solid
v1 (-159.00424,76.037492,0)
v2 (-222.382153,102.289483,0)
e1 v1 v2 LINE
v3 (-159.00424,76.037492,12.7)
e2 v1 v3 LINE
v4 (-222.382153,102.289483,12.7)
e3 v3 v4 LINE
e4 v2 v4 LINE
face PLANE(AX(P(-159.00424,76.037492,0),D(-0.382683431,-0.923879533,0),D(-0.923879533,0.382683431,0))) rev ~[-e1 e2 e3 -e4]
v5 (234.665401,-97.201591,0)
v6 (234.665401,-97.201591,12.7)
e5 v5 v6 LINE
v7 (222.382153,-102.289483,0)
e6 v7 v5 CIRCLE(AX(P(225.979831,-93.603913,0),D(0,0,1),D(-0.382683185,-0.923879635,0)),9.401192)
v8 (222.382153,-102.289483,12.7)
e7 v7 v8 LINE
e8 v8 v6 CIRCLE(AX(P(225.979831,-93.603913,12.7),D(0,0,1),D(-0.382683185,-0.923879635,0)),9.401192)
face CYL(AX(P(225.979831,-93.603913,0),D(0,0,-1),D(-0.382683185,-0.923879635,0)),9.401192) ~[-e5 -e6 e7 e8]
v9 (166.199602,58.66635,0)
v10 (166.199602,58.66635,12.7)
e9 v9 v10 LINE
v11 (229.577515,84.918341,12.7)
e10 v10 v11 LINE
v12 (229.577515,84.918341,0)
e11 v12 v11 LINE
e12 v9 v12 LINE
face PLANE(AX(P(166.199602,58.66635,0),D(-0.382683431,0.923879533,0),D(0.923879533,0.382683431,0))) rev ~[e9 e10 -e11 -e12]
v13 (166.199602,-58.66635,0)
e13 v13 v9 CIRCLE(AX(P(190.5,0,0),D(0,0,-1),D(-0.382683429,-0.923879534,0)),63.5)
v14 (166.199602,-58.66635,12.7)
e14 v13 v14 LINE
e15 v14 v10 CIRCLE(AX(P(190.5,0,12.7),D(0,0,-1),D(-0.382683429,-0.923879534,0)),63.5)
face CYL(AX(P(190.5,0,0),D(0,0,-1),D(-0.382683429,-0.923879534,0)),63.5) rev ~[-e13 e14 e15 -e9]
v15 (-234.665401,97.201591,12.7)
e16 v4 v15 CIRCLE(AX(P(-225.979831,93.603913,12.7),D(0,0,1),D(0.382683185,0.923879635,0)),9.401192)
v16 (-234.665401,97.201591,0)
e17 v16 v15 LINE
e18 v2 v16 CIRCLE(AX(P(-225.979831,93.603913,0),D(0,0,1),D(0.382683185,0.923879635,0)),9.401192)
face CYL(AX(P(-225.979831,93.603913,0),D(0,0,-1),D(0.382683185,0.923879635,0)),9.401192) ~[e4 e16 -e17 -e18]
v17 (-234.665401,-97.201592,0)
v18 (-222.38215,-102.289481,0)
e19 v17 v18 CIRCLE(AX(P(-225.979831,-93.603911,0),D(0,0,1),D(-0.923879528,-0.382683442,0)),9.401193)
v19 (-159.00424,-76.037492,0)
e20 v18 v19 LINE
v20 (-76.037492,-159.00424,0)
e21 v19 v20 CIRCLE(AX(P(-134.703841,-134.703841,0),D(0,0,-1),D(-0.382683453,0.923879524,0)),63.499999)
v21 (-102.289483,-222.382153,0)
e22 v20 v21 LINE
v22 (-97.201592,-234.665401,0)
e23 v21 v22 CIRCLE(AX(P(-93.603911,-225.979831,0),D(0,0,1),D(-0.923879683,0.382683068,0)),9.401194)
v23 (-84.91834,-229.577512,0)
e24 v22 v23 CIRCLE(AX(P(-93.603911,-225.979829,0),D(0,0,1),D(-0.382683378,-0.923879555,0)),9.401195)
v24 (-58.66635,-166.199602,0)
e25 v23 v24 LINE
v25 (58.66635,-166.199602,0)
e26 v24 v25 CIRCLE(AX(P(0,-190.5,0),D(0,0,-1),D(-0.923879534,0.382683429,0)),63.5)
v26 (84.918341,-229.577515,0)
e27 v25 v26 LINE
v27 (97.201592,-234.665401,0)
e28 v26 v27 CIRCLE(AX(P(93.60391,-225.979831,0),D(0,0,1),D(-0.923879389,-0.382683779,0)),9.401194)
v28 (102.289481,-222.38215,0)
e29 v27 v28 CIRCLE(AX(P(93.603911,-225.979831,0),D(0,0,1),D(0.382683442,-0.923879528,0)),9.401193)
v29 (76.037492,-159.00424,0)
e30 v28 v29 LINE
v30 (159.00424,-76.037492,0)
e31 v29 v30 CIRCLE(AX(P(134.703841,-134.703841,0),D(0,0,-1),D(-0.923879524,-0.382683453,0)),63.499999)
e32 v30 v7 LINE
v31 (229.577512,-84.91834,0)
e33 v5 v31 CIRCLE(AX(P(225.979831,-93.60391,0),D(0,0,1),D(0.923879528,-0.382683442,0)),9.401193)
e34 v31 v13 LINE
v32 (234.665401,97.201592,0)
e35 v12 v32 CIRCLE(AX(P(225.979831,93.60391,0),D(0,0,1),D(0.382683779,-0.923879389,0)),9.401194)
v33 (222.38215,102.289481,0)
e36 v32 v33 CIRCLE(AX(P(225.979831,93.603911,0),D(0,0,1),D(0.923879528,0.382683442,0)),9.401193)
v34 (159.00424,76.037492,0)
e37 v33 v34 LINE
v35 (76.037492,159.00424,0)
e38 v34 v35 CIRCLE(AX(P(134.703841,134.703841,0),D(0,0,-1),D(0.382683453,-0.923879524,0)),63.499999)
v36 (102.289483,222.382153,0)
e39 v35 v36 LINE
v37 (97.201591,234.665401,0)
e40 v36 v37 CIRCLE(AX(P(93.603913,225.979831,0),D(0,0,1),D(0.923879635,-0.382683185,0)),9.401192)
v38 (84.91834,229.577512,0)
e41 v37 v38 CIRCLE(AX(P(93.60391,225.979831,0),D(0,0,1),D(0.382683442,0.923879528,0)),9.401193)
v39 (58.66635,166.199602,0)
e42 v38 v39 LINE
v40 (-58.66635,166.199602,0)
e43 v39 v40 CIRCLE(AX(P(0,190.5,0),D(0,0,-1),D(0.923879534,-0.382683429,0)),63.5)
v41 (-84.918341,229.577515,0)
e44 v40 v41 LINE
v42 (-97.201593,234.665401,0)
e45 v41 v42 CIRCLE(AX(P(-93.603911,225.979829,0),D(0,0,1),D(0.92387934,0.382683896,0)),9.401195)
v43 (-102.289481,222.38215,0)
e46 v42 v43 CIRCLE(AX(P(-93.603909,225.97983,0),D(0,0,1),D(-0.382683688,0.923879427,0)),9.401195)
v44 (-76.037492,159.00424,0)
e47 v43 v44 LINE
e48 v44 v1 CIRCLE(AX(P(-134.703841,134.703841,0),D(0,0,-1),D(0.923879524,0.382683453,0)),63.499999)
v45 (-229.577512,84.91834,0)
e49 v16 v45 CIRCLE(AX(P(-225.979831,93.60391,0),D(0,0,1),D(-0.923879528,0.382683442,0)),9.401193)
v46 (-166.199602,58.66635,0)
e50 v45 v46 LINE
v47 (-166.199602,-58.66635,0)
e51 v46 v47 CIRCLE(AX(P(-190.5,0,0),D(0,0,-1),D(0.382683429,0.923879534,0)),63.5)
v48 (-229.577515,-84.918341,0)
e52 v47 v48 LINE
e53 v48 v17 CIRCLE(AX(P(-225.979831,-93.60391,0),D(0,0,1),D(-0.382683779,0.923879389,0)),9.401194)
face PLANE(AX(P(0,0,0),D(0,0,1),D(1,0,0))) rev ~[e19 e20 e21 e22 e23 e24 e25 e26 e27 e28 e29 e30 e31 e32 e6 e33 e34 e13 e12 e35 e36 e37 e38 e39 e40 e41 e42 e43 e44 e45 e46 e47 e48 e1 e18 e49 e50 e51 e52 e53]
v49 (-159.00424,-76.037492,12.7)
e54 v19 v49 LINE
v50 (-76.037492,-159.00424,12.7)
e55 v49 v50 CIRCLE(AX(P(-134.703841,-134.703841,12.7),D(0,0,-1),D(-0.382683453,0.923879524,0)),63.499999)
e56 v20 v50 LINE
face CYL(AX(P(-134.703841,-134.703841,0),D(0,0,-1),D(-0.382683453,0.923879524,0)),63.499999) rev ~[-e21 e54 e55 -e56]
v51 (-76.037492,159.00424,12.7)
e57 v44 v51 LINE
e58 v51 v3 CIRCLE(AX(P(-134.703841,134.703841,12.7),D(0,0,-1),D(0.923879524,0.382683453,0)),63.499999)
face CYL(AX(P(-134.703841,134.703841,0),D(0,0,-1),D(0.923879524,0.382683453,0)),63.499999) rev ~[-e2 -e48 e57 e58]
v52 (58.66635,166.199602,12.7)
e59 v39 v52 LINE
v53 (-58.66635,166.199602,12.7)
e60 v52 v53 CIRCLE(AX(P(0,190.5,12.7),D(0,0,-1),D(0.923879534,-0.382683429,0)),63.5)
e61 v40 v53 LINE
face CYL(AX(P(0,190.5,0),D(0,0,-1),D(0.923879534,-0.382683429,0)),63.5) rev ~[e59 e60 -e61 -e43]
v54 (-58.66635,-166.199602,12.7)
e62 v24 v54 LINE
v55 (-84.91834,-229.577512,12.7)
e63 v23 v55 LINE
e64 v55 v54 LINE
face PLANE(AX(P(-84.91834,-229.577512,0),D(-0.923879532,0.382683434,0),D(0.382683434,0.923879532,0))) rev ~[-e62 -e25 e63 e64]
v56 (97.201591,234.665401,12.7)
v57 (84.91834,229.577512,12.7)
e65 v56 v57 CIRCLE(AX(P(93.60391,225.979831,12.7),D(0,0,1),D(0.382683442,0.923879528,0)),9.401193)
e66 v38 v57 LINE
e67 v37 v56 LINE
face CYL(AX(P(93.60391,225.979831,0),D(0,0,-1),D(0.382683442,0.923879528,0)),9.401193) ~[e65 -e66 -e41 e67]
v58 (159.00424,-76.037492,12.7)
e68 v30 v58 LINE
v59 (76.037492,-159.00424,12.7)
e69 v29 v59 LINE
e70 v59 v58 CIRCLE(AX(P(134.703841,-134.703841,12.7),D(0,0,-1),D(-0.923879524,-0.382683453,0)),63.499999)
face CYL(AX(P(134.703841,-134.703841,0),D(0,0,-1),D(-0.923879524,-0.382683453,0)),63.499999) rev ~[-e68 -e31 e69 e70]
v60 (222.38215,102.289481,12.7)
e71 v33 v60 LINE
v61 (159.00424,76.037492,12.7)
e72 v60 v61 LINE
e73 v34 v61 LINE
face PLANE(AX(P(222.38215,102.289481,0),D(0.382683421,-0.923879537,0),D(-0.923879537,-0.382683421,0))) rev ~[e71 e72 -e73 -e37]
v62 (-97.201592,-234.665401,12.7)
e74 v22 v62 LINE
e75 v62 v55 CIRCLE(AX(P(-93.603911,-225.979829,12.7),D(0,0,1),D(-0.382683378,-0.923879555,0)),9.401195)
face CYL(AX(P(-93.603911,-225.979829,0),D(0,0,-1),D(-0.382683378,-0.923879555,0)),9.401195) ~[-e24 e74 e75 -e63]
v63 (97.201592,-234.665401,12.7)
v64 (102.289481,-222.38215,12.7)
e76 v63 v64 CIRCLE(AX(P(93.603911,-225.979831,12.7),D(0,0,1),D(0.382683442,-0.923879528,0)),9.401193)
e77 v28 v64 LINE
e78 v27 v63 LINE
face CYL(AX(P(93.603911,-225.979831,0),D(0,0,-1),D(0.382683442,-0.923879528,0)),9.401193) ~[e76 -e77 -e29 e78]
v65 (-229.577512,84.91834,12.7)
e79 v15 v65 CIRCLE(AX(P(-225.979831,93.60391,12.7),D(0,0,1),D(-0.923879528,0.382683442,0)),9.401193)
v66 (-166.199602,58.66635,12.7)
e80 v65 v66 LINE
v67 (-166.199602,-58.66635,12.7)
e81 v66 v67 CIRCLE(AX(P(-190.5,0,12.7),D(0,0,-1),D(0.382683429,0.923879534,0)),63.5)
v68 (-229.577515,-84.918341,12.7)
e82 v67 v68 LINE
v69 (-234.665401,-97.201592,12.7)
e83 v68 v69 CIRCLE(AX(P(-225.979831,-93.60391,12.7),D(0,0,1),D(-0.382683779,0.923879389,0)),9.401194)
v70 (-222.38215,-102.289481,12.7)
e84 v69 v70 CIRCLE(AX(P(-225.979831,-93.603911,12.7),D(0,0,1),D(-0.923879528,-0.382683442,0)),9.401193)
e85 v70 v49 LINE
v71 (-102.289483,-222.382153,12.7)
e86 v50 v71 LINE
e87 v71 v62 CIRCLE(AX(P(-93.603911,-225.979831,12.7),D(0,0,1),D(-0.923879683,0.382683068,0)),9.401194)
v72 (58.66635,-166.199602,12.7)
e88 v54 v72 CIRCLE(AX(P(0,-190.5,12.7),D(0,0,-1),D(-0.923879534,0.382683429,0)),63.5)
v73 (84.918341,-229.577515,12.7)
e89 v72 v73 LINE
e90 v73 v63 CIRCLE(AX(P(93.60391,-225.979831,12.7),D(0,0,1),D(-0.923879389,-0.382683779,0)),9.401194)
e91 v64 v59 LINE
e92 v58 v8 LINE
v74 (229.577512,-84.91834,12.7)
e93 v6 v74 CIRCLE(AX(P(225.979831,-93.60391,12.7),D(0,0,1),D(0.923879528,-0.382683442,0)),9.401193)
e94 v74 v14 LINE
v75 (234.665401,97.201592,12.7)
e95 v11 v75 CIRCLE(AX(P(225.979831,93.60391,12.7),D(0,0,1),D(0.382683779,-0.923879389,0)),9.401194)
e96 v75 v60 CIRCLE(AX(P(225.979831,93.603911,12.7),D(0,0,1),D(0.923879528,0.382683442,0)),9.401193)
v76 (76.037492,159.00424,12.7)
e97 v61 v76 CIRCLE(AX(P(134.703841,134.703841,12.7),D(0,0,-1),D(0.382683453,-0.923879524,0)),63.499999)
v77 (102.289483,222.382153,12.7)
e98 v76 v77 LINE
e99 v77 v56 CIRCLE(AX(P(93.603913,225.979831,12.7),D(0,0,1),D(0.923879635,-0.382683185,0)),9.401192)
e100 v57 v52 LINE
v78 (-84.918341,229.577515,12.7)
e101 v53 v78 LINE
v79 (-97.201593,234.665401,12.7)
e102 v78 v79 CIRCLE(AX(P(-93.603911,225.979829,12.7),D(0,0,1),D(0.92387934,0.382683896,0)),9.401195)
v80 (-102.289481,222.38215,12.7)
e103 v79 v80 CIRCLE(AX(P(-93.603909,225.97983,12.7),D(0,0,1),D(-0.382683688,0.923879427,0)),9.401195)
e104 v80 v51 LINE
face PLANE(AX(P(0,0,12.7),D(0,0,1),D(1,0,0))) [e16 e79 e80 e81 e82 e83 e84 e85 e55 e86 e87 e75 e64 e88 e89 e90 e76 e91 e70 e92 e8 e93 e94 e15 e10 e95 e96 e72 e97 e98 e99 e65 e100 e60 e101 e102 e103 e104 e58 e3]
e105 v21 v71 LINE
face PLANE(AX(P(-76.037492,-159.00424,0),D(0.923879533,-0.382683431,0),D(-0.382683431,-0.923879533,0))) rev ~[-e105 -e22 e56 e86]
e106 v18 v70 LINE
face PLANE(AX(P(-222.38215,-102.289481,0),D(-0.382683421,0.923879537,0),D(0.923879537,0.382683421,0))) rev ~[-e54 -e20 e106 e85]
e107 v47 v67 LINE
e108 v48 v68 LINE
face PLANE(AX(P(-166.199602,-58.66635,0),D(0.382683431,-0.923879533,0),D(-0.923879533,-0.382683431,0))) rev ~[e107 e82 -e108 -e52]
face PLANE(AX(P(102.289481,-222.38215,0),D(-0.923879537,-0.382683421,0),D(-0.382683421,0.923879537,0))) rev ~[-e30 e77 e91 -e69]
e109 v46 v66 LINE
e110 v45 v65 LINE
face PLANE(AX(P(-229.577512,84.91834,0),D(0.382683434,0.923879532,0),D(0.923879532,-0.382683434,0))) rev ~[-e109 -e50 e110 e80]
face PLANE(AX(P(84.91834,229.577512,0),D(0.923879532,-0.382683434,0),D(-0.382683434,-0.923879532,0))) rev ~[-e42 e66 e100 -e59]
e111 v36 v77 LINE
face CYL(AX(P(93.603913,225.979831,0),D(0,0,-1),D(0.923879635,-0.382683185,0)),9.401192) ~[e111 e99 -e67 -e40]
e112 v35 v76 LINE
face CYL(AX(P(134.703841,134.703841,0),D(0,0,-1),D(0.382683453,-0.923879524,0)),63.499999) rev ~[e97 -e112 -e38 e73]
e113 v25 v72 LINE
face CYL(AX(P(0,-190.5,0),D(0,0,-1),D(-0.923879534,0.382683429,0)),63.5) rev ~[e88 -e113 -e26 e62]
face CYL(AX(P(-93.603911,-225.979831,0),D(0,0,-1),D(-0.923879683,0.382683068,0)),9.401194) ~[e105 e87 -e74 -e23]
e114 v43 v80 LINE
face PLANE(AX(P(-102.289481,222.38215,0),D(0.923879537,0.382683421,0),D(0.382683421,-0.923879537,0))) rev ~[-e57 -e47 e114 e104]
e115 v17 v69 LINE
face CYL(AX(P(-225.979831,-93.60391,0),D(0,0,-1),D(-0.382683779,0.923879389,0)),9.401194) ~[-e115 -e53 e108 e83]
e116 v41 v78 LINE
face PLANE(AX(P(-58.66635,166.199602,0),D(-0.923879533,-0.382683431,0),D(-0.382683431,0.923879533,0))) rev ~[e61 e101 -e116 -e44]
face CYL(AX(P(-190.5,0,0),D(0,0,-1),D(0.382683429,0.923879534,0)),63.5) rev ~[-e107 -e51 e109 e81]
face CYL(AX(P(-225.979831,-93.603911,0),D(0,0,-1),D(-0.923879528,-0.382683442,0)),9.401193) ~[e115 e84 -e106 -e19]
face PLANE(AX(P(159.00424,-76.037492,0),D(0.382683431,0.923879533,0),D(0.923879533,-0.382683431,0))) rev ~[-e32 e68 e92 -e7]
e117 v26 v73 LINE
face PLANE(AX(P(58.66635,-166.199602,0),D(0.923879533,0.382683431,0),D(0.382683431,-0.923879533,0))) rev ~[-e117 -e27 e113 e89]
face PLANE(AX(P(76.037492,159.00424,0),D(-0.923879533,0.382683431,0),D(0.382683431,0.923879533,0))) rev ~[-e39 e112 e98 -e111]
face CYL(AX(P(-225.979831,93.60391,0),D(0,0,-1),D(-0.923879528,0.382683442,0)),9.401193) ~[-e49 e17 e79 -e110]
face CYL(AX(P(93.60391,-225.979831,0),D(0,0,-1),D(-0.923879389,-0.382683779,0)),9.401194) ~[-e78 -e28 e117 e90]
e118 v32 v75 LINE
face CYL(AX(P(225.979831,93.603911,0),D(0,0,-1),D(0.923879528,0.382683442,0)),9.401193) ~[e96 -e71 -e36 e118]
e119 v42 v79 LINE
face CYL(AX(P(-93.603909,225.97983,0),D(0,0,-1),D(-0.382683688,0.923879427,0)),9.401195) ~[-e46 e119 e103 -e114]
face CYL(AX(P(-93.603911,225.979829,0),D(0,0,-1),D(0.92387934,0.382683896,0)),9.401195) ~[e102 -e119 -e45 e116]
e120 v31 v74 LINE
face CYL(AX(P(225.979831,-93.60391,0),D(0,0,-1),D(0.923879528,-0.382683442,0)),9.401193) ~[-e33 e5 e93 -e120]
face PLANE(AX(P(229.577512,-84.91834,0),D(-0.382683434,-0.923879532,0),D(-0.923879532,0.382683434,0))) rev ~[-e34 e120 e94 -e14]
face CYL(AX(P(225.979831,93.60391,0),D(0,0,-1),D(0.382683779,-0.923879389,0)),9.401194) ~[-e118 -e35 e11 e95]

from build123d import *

# Parameters (mm, degrees)
F2_DEPTH = 12.7


with BuildPart() as f2:
    # F0 (on Top) → F2 (new body)
    with BuildSketch(Plane.XY):
        with BuildLine():
            ThreePointArc((-229.577515, -84.918341), (-234.665402, -90.006231), (-234.665401, -97.201592))
            ThreePointArc((-234.665401, -97.201592), (-229.577512, -102.289481), (-222.38215, -102.289481))
            Line((-222.38215, -102.289481), (-159.00424, -76.037492))
            ThreePointArc((-159.00424, -76.037492), (-89.802561, -89.802561), (-76.037492, -159.00424))
            Line((-76.037492, -159.00424), (-102.289483, -222.382153))
            ThreePointArc((-102.289483, -222.382153), (-102.289481, -229.577513), (-97.201592, -234.665401))
            ThreePointArc((-97.201592, -234.665401), (-90.00623, -234.665401), (-84.91834, -229.577512))
            Line((-84.91834, -229.577512), (-58.66635, -166.199602))
            ThreePointArc((-58.66635, -166.199602), (0, -127), (58.66635, -166.199602))
            Line((58.66635, -166.199602), (84.918341, -229.577515))
            ThreePointArc((84.918341, -229.577515), (90.006231, -234.665402), (97.201592, -234.665401))
            ThreePointArc((97.201592, -234.665401), (102.289481, -229.577512), (102.289481, -222.38215))
            Line((102.289481, -222.38215), (76.037492, -159.00424))
            ThreePointArc((76.037492, -159.00424), (89.802561, -89.802561), (159.00424, -76.037492))
            Line((159.00424, -76.037492), (222.382153, -102.289483))
            ThreePointArc((222.382153, -102.289483), (229.577514, -102.289481), (234.665401, -97.201591))
            ThreePointArc((234.665401, -97.201591), (234.665401, -90.006229), (229.577512, -84.91834))
            Line((229.577512, -84.91834), (166.199602, -58.66635))
            ThreePointArc((166.199602, -58.66635), (127, 0), (166.199602, 58.66635))
            Line((166.199602, 58.66635), (229.577515, 84.918341))
            ThreePointArc((229.577515, 84.918341), (234.665402, 90.006231), (234.665401, 97.201592))
            ThreePointArc((234.665401, 97.201592), (229.577512, 102.289481), (222.38215, 102.289481))
            Line((222.38215, 102.289481), (159.00424, 76.037492))
            ThreePointArc((159.00424, 76.037492), (89.802561, 89.802561), (76.037492, 159.00424))
            Line((76.037492, 159.00424), (102.289483, 222.382153))
            ThreePointArc((102.289483, 222.382153), (102.289481, 229.577514), (97.201591, 234.665401))
            ThreePointArc((97.201591, 234.665401), (90.006229, 234.665401), (84.91834, 229.577512))
            Line((84.91834, 229.577512), (58.66635, 166.199602))
            ThreePointArc((58.66635, 166.199602), (0, 127), (-58.66635, 166.199602))
            Line((-58.66635, 166.199602), (-84.918341, 229.577515))
            ThreePointArc((-84.918341, 229.577515), (-90.006232, 234.665402), (-97.201593, 234.665401))
            ThreePointArc((-97.201593, 234.665401), (-102.289481, 229.577511), (-102.289481, 222.38215))
            Line((-102.289481, 222.38215), (-76.037492, 159.00424))
            ThreePointArc((-76.037492, 159.00424), (-89.802561, 89.802561), (-159.00424, 76.037492))
            Line((-159.00424, 76.037492), (-222.382153, 102.289483))
            ThreePointArc((-222.382153, 102.289483), (-229.577514, 102.289481), (-234.665401, 97.201591))
            ThreePointArc((-234.665401, 97.201591), (-234.665401, 90.006229), (-229.577512, 84.91834))
            Line((-229.577512, 84.91834), (-166.199602, 58.66635))
            ThreePointArc((-166.199602, 58.66635), (-127, 0), (-166.199602, -58.66635))
            Line((-166.199602, -58.66635), (-229.577515, -84.918341))
        make_face()
    extrude(amount=F2_DEPTH)


solid = f2.part
